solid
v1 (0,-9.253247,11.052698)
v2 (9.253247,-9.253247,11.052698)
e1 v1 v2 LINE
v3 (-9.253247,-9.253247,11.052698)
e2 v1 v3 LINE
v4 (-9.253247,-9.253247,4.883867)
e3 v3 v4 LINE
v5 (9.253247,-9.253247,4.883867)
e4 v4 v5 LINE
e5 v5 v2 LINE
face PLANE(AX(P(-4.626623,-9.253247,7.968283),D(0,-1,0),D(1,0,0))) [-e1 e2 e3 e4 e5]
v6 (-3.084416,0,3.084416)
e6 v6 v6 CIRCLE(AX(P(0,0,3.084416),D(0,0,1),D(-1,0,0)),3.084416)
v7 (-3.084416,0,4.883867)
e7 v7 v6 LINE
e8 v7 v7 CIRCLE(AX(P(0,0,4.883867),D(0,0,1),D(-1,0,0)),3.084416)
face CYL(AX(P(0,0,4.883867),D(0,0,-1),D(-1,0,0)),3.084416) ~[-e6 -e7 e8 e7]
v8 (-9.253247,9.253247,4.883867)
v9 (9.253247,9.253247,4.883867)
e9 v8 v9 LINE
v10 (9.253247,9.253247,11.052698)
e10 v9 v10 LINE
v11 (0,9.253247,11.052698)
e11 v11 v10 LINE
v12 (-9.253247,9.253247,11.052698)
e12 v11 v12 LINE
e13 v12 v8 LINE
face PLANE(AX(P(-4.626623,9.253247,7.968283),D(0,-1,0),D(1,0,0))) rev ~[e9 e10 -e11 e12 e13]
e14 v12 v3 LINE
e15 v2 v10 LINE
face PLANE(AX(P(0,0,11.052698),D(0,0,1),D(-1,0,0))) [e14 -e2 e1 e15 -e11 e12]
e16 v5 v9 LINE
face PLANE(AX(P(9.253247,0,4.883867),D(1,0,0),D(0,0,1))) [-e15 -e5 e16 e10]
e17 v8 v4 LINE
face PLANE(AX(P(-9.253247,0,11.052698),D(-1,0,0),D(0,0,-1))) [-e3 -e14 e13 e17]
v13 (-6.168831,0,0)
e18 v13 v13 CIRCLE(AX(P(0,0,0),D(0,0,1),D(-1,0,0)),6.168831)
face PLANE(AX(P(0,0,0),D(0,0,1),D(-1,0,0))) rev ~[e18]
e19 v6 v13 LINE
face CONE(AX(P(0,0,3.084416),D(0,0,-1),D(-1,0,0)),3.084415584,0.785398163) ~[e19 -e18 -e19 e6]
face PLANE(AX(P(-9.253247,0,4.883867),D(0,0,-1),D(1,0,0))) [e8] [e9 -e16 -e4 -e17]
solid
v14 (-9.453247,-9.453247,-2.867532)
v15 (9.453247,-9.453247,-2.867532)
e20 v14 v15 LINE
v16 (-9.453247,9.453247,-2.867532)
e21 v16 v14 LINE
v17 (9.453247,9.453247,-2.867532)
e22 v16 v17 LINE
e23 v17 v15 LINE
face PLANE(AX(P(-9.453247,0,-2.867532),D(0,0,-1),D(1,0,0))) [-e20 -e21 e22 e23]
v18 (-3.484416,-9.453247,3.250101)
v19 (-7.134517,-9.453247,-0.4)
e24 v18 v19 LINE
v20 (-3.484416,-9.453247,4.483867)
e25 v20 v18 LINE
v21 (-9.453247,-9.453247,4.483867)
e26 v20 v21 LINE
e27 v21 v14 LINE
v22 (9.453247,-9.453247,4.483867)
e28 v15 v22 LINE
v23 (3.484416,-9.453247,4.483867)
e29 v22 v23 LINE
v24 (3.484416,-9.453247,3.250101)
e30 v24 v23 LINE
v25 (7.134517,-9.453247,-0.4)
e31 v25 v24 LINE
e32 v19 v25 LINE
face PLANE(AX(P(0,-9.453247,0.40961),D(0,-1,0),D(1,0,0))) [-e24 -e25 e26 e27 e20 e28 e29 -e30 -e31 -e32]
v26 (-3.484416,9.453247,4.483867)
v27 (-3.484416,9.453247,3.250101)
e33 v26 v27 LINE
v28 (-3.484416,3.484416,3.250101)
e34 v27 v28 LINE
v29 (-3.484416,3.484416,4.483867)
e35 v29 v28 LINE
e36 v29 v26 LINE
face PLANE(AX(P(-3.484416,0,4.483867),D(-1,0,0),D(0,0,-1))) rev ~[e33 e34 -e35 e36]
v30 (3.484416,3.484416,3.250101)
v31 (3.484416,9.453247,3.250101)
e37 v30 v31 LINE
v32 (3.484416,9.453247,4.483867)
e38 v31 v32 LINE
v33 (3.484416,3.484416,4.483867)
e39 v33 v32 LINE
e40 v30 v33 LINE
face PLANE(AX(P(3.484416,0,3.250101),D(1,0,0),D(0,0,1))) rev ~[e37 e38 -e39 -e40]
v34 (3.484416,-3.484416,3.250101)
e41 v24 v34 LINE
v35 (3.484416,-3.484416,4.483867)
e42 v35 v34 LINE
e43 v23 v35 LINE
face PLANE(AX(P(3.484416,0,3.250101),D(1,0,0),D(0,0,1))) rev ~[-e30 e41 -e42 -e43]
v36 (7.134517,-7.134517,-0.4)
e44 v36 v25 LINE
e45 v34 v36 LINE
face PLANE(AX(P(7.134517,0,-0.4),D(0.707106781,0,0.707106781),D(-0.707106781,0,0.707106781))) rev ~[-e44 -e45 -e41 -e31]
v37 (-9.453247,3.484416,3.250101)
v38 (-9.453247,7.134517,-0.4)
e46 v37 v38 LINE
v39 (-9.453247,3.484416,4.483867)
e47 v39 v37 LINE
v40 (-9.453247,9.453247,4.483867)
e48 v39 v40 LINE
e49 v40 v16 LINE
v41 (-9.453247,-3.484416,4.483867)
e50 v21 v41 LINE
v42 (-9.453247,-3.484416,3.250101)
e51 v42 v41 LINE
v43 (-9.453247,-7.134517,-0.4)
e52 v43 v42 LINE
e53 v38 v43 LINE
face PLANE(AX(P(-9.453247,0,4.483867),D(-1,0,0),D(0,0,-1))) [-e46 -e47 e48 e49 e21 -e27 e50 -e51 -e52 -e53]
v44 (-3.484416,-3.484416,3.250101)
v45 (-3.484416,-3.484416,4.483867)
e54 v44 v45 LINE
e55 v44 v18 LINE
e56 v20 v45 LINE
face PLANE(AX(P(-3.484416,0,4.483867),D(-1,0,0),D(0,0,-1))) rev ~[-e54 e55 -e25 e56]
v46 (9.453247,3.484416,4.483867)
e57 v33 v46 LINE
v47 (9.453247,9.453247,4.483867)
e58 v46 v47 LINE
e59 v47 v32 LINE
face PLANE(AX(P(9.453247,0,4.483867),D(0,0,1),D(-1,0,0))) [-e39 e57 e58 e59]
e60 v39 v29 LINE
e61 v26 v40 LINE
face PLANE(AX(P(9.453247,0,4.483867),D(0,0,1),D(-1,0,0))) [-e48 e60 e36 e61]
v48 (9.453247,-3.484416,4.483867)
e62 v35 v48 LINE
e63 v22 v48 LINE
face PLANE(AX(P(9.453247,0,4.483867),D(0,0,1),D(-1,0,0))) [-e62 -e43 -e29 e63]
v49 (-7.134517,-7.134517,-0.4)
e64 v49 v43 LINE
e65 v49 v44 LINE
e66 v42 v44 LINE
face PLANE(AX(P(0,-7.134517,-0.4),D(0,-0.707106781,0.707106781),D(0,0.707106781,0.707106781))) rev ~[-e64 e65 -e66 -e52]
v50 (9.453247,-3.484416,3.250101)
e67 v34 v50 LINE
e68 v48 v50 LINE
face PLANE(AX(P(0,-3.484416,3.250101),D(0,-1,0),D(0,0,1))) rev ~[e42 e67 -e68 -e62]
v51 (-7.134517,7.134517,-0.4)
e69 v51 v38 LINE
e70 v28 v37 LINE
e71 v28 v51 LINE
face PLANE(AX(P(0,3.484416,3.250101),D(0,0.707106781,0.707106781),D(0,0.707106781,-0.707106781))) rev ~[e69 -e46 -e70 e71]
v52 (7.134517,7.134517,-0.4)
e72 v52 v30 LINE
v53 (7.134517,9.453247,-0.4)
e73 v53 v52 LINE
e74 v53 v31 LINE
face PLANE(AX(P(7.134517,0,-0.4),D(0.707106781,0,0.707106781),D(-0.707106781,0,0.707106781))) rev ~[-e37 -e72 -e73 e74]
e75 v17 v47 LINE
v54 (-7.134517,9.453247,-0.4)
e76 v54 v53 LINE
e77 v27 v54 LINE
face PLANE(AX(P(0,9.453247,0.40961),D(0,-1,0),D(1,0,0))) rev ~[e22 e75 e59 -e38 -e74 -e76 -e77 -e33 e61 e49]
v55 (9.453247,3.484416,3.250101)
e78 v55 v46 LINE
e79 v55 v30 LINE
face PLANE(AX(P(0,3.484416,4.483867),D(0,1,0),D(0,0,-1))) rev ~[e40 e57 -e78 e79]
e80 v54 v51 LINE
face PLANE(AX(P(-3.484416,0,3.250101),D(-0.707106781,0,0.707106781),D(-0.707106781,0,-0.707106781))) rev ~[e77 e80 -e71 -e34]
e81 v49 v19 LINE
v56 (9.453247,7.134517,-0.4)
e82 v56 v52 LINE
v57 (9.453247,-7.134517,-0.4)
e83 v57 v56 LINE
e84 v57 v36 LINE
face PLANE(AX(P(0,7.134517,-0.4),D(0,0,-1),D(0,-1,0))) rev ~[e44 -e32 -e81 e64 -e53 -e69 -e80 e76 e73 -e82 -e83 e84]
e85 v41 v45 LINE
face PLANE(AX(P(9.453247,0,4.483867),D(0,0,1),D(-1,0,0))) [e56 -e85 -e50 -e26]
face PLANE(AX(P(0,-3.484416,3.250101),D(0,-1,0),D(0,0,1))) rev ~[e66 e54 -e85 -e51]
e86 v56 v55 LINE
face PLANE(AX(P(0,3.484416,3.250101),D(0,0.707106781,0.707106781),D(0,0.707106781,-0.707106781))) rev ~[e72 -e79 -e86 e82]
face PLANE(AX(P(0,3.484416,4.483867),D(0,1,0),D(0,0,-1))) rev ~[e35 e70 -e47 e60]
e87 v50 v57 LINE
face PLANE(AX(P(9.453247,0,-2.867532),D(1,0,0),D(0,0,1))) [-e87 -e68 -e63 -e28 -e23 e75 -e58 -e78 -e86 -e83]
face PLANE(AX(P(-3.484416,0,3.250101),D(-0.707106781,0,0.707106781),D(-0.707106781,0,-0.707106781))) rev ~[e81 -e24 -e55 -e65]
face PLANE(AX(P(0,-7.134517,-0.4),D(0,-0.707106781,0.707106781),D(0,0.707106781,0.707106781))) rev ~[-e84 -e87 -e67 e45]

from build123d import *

# Parameters (mm, degrees)
F3_W      = 9.2532467532
F3_H      = 6.1688311688
F4_DEPTH  = 9.2532467532
F7_DEPTH  = 9.4532467532
F8_DEPTH  = 12.3376623377
F10_ANGLE = 90


with BuildPart() as f4:
    # F3 (on Front) → F4 (new body, symmetric)
    with BuildSketch(Plane.XZ):
        Polygon((-3.0844155844, 4.8838672431), (0, 4.8838672431), (0, 11.052698412), (-9.2532467532, 11.052698412), (-9.2532467532, 4.8838672431), align=None)
        with Locations((4.6266233766, 7.9682828275)):
            Rectangle(F3_W, F3_H)
    extrude(amount=F4_DEPTH, both=True)

    # F3 (on Front) → F5 (revolve)
    with BuildSketch(Plane.XZ):
        Polygon((0, 0), (0, 4.8838672431), (-3.0844155844, 4.8838672431), (-3.0844155844, 3.0844155844), (-6.1688311688, 0), align=None)
    revolve(axis=Axis((0, 0, 2.4419336216), (0, 0, 1)))


with BuildPart() as f7:
    # F6 (on Front) → F7 (new body, symmetric)
    with BuildSketch(Plane.XZ):
        Polygon((-3.4844155844, 3.2501010094), (-3.4844155844, 4.4838672431), (-9.4532467532, 4.4838672431), (-9.4532467532, -2.8675324675), (9.4532467532, -2.8675324675), (9.4532467532, 4.4838672431), (3.4844155844, 4.4838672431), (3.4844155844, 3.2501010094), (7.1345165938, -0.4), (0, -0.4), (-7.1345165938, -0.4), align=None)
        Polygon((3.4844155844, 4.4838672431), (0, 4.4838672431), (0, -0.4), (7.1345165938, -0.4), (3.4844155844, 3.2501010094), align=None)
        Polygon((0, 4.4838672431), (-3.4844155844, 4.4838672431), (-3.4844155844, 3.2501010094), (-7.1345165938, -0.4), (0, -0.4), align=None)
    extrude(amount=F7_DEPTH, both=True)


with BuildPart() as f8:
    # F6 (on Front) → F8 (new body, symmetric)
    with BuildSketch(Plane.XZ):
        Polygon((0, 4.4838672431), (-3.4844155844, 4.4838672431), (-3.4844155844, 3.2501010094), (-7.1345165938, -0.4), (0, -0.4), align=None)
        Polygon((3.4844155844, 4.4838672431), (0, 4.4838672431), (0, -0.4), (7.1345165938, -0.4), (3.4844155844, 3.2501010094), align=None)
    extrude(amount=F8_DEPTH, both=True)


with BuildPart() as f7_1:
    add(f7.part)

    # F9: cut F8
    add(f8.part, mode=Mode.SUBTRACT)


with BuildPart() as f8_1:
    # F10: moved
    add(f8.part.rotate(Axis((0, 0, 2.0419336216), (0, 0, -1)), F10_ANGLE))


with BuildPart() as f7_2:
    add(f7_1.part)

    # F11: cut F8
    add(f8_1.part, mode=Mode.SUBTRACT)


solid = Compound([f4.part, f7_2.part])
